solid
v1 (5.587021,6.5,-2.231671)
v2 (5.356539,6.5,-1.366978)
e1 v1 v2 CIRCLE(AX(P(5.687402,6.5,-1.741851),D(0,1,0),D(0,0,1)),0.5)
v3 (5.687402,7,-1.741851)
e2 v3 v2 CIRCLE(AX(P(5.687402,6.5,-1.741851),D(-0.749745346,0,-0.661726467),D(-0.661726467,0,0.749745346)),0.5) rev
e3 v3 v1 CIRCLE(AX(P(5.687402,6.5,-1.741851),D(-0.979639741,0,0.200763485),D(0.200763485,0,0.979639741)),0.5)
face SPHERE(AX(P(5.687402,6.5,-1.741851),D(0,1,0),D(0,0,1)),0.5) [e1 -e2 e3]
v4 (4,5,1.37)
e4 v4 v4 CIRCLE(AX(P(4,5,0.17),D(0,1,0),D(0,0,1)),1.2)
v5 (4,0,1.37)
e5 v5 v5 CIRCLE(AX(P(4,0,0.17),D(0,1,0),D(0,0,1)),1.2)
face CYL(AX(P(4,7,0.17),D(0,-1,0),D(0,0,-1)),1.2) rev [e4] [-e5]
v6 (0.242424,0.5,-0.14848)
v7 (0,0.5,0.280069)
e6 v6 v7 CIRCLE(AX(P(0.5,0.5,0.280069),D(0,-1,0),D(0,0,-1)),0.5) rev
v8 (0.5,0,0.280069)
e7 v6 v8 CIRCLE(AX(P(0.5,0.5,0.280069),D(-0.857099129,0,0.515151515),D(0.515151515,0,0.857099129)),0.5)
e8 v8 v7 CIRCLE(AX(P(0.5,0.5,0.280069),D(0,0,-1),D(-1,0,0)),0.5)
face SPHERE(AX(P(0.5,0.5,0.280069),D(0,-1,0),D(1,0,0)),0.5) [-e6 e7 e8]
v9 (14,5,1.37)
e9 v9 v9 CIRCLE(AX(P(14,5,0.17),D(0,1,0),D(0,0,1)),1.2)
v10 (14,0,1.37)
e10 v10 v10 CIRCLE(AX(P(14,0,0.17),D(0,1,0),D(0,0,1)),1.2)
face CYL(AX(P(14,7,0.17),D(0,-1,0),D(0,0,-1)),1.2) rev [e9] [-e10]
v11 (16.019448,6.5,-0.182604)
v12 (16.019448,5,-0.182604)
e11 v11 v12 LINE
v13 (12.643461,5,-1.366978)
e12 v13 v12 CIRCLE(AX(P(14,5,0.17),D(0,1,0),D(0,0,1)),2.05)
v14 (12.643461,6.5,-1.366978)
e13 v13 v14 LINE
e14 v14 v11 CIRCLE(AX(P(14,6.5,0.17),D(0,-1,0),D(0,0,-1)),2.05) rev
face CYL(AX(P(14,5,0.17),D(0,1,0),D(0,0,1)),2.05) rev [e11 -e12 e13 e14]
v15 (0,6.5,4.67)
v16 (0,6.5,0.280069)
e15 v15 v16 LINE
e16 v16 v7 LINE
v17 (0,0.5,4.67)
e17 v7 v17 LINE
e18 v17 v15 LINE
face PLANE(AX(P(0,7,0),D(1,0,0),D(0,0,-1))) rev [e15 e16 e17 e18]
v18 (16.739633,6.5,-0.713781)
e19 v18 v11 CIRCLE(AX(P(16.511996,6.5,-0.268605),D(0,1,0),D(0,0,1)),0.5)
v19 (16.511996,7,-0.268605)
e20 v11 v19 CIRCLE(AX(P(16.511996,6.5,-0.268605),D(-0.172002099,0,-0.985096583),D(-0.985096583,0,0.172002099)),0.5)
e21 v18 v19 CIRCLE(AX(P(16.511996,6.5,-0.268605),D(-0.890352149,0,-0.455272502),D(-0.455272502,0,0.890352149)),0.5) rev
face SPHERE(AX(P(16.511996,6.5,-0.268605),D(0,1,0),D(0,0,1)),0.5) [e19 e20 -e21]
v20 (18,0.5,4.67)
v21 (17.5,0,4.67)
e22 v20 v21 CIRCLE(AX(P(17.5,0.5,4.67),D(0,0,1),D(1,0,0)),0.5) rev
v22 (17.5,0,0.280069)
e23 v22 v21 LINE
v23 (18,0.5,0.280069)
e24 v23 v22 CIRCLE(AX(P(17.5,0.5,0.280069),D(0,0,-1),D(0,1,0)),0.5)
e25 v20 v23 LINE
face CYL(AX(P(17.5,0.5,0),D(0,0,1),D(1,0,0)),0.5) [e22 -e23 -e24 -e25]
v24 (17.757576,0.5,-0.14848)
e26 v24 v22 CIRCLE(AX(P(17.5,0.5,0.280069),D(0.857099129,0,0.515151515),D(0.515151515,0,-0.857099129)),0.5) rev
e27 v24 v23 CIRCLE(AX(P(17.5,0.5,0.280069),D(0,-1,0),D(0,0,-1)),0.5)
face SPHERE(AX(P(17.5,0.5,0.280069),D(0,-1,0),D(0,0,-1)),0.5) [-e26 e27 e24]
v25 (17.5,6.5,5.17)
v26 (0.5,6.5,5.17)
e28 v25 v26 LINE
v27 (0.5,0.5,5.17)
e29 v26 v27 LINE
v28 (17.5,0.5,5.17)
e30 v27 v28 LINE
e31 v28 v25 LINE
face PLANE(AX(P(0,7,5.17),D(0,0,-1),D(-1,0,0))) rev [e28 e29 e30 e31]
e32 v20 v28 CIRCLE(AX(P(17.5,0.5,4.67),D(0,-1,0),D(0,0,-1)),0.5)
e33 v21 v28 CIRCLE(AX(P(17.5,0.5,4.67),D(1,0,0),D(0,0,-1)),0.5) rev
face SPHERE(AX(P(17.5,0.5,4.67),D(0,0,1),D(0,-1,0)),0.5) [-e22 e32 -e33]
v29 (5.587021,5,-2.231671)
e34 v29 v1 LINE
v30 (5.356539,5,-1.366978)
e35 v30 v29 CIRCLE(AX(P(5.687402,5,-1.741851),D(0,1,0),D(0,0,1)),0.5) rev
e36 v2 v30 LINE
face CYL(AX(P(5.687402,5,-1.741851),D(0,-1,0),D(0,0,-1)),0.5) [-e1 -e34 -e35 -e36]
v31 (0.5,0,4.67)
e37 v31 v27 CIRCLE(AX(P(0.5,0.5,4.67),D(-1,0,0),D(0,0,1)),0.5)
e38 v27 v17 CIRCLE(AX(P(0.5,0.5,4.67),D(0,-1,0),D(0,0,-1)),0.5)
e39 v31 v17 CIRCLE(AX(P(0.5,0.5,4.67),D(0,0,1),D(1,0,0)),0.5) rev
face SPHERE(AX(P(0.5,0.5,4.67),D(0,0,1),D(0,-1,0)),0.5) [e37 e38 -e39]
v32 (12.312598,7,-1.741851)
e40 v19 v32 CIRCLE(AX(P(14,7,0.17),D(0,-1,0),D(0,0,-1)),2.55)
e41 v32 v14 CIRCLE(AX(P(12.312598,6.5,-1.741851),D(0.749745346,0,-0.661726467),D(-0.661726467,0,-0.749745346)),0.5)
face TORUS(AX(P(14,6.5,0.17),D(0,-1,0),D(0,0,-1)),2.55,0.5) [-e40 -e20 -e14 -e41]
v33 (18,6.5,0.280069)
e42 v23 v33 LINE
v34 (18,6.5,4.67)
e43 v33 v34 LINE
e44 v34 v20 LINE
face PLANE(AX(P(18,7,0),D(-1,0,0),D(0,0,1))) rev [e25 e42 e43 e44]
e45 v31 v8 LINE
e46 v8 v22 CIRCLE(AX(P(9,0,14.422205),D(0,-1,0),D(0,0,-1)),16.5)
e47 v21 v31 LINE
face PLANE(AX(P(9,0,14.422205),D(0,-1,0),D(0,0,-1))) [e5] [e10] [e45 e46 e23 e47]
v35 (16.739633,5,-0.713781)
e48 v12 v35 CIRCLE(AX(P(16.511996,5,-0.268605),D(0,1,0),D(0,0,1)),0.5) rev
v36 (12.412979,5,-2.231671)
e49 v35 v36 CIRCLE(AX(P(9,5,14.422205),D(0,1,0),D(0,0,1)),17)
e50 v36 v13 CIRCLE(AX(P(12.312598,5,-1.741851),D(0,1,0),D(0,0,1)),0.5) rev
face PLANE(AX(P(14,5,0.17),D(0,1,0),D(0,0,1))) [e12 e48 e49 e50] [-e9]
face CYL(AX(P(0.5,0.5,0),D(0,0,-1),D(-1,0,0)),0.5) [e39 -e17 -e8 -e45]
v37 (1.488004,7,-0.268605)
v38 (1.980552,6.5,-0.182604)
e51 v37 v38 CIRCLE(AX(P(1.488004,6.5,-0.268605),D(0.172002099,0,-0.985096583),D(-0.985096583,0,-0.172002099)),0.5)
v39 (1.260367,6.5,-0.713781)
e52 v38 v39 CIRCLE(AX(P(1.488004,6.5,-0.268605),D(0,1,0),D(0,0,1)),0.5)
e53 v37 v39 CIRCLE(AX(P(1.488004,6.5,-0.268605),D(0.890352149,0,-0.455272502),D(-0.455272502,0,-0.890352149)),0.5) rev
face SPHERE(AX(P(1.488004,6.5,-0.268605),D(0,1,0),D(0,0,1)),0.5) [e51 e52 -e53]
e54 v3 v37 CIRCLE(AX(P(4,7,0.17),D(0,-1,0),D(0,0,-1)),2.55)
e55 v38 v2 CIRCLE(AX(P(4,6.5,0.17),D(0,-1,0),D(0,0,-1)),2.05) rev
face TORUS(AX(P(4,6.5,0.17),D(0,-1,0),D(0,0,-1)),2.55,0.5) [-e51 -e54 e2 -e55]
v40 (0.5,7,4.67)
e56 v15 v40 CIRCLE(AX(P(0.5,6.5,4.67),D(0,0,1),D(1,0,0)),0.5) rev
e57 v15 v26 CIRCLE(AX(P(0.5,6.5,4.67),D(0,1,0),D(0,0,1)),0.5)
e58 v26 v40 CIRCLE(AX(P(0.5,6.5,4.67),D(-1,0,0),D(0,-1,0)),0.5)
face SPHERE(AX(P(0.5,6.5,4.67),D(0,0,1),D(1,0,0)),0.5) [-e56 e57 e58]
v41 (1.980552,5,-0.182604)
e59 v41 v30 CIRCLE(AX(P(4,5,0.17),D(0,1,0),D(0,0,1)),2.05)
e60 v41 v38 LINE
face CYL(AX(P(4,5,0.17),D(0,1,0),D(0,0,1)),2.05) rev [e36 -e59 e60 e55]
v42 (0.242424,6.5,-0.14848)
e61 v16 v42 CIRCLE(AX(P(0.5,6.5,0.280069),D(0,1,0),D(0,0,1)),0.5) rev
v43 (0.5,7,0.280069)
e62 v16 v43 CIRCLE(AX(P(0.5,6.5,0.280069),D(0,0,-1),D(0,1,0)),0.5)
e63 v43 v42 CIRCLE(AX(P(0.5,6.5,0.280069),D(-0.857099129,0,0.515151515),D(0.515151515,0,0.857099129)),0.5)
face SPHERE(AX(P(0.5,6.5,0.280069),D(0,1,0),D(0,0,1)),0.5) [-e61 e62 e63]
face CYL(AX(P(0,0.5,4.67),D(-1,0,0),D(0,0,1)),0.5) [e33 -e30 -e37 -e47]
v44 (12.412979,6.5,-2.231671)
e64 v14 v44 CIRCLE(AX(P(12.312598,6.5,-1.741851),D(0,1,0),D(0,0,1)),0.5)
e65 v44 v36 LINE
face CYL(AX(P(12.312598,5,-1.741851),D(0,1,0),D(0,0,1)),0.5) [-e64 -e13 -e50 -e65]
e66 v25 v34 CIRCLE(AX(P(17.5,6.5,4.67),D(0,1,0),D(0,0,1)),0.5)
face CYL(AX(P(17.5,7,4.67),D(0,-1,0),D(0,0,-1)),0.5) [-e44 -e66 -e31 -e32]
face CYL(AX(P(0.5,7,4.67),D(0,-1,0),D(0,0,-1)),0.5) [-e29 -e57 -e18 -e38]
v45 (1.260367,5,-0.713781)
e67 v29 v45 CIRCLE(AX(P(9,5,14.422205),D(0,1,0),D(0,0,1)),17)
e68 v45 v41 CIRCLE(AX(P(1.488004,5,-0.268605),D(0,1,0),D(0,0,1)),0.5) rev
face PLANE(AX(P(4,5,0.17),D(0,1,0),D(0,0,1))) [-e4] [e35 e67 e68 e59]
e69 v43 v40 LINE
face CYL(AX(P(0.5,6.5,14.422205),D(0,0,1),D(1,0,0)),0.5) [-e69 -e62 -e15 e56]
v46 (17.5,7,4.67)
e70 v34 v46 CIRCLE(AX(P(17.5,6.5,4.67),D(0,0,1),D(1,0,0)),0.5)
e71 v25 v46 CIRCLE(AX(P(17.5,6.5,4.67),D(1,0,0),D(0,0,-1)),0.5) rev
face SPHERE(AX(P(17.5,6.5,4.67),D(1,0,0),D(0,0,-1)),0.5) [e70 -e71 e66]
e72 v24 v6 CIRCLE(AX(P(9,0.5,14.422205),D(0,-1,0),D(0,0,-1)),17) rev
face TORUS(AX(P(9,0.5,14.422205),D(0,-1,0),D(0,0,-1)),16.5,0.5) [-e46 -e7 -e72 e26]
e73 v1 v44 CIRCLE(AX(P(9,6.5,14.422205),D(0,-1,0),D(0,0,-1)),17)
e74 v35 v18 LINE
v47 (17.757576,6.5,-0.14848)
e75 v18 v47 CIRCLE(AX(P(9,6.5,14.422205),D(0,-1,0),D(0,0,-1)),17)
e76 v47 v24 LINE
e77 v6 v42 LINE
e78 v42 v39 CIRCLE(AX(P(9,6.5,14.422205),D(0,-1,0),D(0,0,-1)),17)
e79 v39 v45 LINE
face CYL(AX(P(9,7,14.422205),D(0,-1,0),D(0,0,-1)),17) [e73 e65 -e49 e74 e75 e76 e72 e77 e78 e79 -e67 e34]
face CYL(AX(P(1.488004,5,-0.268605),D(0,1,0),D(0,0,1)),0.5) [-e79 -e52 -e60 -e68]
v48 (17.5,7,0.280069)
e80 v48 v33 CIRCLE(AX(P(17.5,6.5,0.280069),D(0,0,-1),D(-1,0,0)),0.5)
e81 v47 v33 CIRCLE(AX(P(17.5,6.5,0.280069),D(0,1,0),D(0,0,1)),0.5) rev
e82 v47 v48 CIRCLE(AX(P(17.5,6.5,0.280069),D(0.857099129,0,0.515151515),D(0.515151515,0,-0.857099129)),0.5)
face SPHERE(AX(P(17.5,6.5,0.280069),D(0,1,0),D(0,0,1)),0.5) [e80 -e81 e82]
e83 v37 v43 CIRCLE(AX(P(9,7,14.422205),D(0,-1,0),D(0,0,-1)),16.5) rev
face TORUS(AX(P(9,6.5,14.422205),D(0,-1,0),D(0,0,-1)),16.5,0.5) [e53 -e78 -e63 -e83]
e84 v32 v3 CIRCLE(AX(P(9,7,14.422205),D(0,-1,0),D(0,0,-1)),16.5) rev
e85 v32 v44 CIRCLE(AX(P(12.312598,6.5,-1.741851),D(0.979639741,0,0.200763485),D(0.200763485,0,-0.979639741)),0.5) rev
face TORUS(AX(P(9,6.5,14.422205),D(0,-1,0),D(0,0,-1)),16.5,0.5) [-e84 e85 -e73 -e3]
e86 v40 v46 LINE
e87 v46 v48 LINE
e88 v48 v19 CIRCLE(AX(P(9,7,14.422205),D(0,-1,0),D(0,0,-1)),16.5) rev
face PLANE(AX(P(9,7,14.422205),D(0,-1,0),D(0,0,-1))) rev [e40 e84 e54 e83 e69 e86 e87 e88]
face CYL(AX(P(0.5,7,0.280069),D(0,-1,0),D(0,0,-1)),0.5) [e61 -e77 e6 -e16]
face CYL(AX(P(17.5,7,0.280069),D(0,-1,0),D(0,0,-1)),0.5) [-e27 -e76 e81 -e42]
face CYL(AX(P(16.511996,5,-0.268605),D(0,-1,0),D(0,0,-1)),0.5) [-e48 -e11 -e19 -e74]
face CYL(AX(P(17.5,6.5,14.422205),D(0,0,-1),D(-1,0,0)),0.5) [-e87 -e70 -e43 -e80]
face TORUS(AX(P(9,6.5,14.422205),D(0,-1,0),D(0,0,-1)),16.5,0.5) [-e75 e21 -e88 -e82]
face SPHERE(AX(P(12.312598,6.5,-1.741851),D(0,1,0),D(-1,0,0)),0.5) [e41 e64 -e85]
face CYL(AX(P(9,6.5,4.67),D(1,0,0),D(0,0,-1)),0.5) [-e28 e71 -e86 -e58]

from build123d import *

# Parameters (mm, degrees)
SKETCH1_R           = 1.2
BOSS_EXTRUDE1_DEPTH = 7
SKETCH2_R           = 2.05
CUT_EXTRUDE1_DEPTH  = 2
FILLET1_R           = 0.5


with BuildPart() as part:
    # Sketch1 → Boss-Extrude1 (new body)
    with BuildSketch(Plane(origin=(0, 0, 0), x_dir=(1, 0, 0), z_dir=(0, 1, 0))):
        with BuildLine():
            Line((0, 0), (0, -5.17))
            Line((0, -5.17), (18, -5.17))
            Line((18, -5.17), (18, 0))
            ThreePointArc((18, 0), (9, 2.577794898), (0, 0))
        make_face()
        with Locations(Location((4, -0.17, 0), (0, 0, 270))):
            Circle(SKETCH1_R, mode=Mode.SUBTRACT)
        with Locations(Location((14, -0.17, 0), (0, 0, 270))):
            Circle(SKETCH1_R, mode=Mode.SUBTRACT)
    extrude(amount=BOSS_EXTRUDE1_DEPTH)

    # Sketch2 → Cut-Extrude1 (cut)
    with BuildSketch(Plane(origin=(0, 7, 0), x_dir=(1, 0, 0), z_dir=(0, 1, 0))):
        with Locations((4, -0.17)):
            Circle(SKETCH2_R)
        with Locations((14, -0.17)):
            Circle(SKETCH2_R)
    extrude(amount=-CUT_EXTRUDE1_DEPTH, mode=Mode.SUBTRACT)

    # Fillet1
    fillet1_edges = [part.edges().sort_by_distance(p)[0] for p in [
        (0, 7, 2.585),
        (9, 7, 5.17),
        (9, 7, -2.577794898),
        (1.271083669, 7, -0.719256266),
        (13.841338508, 6, -1.873850907),
        (15.400788894, 6, -1.326759992),
        (2.599211106, 6, -1.326759992),
        (4.158661492, 6, -1.873850907),
        (4.678636308, 7, 2.104412769),
        (13.321363692, 7, 2.104412769),
        (18, 7, 2.585),
        (9, 0, 5.17),
        (0, 0, 2.585),
        (9, 0, -2.577794898),
        (18, 0, 2.585),
        (18, 3.5, 5.17),
        (0, 3.5, 5.17),
        (0, 3.5, 0),
        (18, 3.5, 0),
        (16.728916331, 7, -0.719256266),
    ]]
    fillet(fillet1_edges, radius=FILLET1_R)


solid = part.part
